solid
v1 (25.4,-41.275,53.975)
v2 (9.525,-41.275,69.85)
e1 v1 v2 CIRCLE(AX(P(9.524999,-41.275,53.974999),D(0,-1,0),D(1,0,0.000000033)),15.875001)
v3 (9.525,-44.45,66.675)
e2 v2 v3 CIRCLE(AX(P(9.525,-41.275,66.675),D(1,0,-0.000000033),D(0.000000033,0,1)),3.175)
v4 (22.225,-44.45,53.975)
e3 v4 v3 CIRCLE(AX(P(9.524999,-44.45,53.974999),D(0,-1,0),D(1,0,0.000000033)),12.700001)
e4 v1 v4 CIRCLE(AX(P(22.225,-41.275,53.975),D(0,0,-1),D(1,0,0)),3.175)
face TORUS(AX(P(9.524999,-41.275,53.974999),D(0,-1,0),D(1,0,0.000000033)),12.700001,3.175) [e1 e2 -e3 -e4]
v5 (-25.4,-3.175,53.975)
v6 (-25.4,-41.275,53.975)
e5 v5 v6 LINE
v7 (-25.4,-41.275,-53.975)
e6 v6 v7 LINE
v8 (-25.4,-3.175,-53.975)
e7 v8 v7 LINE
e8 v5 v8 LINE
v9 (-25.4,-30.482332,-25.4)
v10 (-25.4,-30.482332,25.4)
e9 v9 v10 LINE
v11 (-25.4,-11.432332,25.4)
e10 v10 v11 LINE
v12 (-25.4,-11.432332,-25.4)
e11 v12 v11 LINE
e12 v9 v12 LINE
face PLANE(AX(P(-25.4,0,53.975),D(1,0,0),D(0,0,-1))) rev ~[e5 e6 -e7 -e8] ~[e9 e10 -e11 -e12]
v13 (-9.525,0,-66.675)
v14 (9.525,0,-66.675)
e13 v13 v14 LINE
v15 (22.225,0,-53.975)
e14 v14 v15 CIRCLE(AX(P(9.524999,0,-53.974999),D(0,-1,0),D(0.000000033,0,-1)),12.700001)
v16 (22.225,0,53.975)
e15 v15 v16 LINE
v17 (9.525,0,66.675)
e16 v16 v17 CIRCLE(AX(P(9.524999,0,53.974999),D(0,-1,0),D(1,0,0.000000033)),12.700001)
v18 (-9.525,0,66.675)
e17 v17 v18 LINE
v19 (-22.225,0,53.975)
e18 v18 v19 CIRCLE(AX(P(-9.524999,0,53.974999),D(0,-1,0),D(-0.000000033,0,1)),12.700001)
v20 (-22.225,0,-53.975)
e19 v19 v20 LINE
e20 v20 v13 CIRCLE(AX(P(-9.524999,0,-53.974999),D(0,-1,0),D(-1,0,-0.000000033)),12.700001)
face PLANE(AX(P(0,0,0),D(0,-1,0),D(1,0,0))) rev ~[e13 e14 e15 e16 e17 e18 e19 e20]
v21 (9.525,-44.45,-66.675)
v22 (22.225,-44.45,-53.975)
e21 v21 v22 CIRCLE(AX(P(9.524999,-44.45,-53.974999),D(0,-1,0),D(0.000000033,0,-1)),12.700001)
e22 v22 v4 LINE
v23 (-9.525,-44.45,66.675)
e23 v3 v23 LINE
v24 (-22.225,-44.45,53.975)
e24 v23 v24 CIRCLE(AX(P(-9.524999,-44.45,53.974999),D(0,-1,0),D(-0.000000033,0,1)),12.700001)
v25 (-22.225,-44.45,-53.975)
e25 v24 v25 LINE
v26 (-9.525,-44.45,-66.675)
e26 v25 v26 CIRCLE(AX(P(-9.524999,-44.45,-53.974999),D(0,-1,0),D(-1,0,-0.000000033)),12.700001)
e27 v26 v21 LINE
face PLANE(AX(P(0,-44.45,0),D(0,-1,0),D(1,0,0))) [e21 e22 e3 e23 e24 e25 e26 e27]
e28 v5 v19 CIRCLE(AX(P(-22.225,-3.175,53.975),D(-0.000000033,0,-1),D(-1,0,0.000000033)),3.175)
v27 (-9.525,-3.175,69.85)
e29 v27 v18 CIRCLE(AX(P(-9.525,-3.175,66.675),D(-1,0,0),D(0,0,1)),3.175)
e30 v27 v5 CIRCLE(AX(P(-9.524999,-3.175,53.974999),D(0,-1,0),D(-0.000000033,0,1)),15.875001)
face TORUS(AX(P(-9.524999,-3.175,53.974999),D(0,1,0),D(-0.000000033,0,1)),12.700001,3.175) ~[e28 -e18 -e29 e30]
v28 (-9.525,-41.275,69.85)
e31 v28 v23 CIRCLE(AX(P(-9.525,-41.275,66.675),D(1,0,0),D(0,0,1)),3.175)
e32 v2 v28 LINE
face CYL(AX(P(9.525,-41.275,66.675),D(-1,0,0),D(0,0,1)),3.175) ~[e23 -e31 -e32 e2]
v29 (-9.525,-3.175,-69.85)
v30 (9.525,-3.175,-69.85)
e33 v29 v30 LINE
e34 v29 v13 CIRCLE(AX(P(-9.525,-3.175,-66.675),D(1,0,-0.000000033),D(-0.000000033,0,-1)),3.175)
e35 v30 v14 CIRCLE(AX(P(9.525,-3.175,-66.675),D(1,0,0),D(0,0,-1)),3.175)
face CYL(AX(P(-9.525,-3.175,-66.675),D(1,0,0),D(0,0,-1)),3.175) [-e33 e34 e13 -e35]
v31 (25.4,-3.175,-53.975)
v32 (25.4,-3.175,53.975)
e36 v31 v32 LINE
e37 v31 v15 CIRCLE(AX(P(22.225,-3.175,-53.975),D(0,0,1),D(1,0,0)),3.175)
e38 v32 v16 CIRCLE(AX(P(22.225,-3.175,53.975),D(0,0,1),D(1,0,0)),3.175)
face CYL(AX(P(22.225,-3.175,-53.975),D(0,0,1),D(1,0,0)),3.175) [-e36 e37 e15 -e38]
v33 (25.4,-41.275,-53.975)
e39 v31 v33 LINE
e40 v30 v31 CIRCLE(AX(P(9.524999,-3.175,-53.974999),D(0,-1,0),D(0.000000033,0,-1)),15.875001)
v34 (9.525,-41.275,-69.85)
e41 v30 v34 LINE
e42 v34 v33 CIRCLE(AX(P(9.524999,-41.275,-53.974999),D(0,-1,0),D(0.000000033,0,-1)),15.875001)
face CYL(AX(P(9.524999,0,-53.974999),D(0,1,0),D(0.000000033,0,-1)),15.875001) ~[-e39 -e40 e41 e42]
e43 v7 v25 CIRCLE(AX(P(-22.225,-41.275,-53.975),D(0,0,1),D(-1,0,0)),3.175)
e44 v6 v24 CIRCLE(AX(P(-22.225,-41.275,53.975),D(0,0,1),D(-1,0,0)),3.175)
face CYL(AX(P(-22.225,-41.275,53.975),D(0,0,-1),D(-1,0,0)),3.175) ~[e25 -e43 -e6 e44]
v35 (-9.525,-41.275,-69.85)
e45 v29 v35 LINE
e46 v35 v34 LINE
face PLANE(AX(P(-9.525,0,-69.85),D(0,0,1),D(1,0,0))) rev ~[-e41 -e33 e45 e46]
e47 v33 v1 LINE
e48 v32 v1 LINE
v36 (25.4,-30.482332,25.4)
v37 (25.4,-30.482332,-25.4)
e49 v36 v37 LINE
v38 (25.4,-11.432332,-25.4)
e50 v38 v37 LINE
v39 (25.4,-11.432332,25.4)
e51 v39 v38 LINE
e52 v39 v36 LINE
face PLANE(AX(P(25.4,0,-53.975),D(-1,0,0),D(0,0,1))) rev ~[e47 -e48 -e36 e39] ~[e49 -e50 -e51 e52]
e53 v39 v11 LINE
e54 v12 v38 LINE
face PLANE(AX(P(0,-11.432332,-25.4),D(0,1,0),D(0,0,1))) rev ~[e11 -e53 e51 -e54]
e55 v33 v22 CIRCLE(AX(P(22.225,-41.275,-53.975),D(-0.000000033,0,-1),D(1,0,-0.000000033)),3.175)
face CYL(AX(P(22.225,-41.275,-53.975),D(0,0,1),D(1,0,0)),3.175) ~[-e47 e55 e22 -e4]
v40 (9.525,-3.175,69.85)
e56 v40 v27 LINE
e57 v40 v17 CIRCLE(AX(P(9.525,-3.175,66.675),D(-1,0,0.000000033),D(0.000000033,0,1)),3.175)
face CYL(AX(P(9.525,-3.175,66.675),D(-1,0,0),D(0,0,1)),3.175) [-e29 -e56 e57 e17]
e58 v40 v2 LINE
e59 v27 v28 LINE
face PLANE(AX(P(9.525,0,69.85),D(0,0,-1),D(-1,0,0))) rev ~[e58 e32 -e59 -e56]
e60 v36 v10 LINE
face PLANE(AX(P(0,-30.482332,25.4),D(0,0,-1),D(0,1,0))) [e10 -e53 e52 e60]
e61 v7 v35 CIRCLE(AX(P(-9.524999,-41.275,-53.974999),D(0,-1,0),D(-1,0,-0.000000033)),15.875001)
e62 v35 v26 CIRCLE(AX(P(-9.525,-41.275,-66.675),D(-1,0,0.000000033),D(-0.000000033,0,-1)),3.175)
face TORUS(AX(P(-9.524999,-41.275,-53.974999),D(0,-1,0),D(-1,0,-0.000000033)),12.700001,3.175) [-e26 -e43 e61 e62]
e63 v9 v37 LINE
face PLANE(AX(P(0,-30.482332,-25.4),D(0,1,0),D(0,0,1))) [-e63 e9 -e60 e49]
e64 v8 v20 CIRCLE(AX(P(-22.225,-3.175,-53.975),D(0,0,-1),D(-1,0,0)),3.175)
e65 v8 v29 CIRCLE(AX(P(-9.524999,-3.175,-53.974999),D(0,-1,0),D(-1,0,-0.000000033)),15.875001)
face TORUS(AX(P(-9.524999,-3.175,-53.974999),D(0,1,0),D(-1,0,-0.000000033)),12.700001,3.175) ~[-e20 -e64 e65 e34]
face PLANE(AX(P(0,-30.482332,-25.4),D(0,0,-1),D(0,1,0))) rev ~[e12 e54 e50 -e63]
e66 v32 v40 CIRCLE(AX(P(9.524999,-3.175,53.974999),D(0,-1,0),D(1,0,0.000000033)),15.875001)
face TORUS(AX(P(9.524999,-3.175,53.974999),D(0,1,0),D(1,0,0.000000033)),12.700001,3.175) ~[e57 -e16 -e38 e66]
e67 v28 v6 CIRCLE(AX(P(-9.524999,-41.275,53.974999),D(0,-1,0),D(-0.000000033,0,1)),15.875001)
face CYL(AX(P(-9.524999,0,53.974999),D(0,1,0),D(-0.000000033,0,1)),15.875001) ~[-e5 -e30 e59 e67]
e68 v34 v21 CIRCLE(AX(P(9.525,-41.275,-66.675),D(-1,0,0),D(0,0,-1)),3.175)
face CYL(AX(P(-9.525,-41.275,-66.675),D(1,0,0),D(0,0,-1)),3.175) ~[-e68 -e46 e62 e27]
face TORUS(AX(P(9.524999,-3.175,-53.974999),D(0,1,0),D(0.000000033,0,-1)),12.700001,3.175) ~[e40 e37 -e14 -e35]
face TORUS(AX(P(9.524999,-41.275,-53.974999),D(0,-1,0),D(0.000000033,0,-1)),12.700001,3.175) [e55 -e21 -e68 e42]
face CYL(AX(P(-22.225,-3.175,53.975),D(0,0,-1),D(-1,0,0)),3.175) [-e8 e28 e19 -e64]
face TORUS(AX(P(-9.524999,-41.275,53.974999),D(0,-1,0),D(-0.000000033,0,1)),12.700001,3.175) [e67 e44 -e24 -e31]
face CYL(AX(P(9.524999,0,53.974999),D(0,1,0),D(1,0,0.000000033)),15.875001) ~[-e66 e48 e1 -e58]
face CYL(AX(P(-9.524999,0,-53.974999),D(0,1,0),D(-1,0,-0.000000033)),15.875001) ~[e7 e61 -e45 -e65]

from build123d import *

# Parameters (mm, degrees)
F1_DEPTH = 44.45
F2_R     = 3.175
F3_W     = 19.05
F3_H     = 50.8
F4_DEPTH = 127


with BuildPart() as f1:
    # F0 (on Front) → F1 (new body)
    with BuildSketch(Plane.XZ):
        with BuildLine():
            Line((9.525, 69.85), (-9.525, 69.85))
            ThreePointArc((-9.525, 69.85), (-20.75032, 65.20032), (-25.4, 53.975))
            Line((-25.4, 53.975), (-25.4, -53.975))
            ThreePointArc((-25.4, -53.975), (-20.75032, -65.20032), (-9.525, -69.85))
            Line((-9.525, -69.85), (9.525, -69.85))
            ThreePointArc((9.525, -69.85), (20.75032, -65.20032), (25.4, -53.975))
            Line((25.4, -53.975), (25.4, 53.975))
            ThreePointArc((25.4, 53.975), (20.75032, 65.20032), (9.525, 69.85))
        make_face()
    extrude(amount=F1_DEPTH)

    # F2
    f2_edges = [f1.edges().sort_by_distance(p)[0] for p in [
        (-25.4, -44.45, 0),
        (25.4, 0, 0),
    ]]
    fillet(f2_edges, radius=F2_R)

    # F3 (on Right) → F4 (cut, symmetric)
    with BuildSketch(Plane.YZ):
        with Locations((-20.957332, 0)):
            Rectangle(F3_W, F3_H)
    extrude(amount=F4_DEPTH, both=True, mode=Mode.SUBTRACT)


solid = f1.part
